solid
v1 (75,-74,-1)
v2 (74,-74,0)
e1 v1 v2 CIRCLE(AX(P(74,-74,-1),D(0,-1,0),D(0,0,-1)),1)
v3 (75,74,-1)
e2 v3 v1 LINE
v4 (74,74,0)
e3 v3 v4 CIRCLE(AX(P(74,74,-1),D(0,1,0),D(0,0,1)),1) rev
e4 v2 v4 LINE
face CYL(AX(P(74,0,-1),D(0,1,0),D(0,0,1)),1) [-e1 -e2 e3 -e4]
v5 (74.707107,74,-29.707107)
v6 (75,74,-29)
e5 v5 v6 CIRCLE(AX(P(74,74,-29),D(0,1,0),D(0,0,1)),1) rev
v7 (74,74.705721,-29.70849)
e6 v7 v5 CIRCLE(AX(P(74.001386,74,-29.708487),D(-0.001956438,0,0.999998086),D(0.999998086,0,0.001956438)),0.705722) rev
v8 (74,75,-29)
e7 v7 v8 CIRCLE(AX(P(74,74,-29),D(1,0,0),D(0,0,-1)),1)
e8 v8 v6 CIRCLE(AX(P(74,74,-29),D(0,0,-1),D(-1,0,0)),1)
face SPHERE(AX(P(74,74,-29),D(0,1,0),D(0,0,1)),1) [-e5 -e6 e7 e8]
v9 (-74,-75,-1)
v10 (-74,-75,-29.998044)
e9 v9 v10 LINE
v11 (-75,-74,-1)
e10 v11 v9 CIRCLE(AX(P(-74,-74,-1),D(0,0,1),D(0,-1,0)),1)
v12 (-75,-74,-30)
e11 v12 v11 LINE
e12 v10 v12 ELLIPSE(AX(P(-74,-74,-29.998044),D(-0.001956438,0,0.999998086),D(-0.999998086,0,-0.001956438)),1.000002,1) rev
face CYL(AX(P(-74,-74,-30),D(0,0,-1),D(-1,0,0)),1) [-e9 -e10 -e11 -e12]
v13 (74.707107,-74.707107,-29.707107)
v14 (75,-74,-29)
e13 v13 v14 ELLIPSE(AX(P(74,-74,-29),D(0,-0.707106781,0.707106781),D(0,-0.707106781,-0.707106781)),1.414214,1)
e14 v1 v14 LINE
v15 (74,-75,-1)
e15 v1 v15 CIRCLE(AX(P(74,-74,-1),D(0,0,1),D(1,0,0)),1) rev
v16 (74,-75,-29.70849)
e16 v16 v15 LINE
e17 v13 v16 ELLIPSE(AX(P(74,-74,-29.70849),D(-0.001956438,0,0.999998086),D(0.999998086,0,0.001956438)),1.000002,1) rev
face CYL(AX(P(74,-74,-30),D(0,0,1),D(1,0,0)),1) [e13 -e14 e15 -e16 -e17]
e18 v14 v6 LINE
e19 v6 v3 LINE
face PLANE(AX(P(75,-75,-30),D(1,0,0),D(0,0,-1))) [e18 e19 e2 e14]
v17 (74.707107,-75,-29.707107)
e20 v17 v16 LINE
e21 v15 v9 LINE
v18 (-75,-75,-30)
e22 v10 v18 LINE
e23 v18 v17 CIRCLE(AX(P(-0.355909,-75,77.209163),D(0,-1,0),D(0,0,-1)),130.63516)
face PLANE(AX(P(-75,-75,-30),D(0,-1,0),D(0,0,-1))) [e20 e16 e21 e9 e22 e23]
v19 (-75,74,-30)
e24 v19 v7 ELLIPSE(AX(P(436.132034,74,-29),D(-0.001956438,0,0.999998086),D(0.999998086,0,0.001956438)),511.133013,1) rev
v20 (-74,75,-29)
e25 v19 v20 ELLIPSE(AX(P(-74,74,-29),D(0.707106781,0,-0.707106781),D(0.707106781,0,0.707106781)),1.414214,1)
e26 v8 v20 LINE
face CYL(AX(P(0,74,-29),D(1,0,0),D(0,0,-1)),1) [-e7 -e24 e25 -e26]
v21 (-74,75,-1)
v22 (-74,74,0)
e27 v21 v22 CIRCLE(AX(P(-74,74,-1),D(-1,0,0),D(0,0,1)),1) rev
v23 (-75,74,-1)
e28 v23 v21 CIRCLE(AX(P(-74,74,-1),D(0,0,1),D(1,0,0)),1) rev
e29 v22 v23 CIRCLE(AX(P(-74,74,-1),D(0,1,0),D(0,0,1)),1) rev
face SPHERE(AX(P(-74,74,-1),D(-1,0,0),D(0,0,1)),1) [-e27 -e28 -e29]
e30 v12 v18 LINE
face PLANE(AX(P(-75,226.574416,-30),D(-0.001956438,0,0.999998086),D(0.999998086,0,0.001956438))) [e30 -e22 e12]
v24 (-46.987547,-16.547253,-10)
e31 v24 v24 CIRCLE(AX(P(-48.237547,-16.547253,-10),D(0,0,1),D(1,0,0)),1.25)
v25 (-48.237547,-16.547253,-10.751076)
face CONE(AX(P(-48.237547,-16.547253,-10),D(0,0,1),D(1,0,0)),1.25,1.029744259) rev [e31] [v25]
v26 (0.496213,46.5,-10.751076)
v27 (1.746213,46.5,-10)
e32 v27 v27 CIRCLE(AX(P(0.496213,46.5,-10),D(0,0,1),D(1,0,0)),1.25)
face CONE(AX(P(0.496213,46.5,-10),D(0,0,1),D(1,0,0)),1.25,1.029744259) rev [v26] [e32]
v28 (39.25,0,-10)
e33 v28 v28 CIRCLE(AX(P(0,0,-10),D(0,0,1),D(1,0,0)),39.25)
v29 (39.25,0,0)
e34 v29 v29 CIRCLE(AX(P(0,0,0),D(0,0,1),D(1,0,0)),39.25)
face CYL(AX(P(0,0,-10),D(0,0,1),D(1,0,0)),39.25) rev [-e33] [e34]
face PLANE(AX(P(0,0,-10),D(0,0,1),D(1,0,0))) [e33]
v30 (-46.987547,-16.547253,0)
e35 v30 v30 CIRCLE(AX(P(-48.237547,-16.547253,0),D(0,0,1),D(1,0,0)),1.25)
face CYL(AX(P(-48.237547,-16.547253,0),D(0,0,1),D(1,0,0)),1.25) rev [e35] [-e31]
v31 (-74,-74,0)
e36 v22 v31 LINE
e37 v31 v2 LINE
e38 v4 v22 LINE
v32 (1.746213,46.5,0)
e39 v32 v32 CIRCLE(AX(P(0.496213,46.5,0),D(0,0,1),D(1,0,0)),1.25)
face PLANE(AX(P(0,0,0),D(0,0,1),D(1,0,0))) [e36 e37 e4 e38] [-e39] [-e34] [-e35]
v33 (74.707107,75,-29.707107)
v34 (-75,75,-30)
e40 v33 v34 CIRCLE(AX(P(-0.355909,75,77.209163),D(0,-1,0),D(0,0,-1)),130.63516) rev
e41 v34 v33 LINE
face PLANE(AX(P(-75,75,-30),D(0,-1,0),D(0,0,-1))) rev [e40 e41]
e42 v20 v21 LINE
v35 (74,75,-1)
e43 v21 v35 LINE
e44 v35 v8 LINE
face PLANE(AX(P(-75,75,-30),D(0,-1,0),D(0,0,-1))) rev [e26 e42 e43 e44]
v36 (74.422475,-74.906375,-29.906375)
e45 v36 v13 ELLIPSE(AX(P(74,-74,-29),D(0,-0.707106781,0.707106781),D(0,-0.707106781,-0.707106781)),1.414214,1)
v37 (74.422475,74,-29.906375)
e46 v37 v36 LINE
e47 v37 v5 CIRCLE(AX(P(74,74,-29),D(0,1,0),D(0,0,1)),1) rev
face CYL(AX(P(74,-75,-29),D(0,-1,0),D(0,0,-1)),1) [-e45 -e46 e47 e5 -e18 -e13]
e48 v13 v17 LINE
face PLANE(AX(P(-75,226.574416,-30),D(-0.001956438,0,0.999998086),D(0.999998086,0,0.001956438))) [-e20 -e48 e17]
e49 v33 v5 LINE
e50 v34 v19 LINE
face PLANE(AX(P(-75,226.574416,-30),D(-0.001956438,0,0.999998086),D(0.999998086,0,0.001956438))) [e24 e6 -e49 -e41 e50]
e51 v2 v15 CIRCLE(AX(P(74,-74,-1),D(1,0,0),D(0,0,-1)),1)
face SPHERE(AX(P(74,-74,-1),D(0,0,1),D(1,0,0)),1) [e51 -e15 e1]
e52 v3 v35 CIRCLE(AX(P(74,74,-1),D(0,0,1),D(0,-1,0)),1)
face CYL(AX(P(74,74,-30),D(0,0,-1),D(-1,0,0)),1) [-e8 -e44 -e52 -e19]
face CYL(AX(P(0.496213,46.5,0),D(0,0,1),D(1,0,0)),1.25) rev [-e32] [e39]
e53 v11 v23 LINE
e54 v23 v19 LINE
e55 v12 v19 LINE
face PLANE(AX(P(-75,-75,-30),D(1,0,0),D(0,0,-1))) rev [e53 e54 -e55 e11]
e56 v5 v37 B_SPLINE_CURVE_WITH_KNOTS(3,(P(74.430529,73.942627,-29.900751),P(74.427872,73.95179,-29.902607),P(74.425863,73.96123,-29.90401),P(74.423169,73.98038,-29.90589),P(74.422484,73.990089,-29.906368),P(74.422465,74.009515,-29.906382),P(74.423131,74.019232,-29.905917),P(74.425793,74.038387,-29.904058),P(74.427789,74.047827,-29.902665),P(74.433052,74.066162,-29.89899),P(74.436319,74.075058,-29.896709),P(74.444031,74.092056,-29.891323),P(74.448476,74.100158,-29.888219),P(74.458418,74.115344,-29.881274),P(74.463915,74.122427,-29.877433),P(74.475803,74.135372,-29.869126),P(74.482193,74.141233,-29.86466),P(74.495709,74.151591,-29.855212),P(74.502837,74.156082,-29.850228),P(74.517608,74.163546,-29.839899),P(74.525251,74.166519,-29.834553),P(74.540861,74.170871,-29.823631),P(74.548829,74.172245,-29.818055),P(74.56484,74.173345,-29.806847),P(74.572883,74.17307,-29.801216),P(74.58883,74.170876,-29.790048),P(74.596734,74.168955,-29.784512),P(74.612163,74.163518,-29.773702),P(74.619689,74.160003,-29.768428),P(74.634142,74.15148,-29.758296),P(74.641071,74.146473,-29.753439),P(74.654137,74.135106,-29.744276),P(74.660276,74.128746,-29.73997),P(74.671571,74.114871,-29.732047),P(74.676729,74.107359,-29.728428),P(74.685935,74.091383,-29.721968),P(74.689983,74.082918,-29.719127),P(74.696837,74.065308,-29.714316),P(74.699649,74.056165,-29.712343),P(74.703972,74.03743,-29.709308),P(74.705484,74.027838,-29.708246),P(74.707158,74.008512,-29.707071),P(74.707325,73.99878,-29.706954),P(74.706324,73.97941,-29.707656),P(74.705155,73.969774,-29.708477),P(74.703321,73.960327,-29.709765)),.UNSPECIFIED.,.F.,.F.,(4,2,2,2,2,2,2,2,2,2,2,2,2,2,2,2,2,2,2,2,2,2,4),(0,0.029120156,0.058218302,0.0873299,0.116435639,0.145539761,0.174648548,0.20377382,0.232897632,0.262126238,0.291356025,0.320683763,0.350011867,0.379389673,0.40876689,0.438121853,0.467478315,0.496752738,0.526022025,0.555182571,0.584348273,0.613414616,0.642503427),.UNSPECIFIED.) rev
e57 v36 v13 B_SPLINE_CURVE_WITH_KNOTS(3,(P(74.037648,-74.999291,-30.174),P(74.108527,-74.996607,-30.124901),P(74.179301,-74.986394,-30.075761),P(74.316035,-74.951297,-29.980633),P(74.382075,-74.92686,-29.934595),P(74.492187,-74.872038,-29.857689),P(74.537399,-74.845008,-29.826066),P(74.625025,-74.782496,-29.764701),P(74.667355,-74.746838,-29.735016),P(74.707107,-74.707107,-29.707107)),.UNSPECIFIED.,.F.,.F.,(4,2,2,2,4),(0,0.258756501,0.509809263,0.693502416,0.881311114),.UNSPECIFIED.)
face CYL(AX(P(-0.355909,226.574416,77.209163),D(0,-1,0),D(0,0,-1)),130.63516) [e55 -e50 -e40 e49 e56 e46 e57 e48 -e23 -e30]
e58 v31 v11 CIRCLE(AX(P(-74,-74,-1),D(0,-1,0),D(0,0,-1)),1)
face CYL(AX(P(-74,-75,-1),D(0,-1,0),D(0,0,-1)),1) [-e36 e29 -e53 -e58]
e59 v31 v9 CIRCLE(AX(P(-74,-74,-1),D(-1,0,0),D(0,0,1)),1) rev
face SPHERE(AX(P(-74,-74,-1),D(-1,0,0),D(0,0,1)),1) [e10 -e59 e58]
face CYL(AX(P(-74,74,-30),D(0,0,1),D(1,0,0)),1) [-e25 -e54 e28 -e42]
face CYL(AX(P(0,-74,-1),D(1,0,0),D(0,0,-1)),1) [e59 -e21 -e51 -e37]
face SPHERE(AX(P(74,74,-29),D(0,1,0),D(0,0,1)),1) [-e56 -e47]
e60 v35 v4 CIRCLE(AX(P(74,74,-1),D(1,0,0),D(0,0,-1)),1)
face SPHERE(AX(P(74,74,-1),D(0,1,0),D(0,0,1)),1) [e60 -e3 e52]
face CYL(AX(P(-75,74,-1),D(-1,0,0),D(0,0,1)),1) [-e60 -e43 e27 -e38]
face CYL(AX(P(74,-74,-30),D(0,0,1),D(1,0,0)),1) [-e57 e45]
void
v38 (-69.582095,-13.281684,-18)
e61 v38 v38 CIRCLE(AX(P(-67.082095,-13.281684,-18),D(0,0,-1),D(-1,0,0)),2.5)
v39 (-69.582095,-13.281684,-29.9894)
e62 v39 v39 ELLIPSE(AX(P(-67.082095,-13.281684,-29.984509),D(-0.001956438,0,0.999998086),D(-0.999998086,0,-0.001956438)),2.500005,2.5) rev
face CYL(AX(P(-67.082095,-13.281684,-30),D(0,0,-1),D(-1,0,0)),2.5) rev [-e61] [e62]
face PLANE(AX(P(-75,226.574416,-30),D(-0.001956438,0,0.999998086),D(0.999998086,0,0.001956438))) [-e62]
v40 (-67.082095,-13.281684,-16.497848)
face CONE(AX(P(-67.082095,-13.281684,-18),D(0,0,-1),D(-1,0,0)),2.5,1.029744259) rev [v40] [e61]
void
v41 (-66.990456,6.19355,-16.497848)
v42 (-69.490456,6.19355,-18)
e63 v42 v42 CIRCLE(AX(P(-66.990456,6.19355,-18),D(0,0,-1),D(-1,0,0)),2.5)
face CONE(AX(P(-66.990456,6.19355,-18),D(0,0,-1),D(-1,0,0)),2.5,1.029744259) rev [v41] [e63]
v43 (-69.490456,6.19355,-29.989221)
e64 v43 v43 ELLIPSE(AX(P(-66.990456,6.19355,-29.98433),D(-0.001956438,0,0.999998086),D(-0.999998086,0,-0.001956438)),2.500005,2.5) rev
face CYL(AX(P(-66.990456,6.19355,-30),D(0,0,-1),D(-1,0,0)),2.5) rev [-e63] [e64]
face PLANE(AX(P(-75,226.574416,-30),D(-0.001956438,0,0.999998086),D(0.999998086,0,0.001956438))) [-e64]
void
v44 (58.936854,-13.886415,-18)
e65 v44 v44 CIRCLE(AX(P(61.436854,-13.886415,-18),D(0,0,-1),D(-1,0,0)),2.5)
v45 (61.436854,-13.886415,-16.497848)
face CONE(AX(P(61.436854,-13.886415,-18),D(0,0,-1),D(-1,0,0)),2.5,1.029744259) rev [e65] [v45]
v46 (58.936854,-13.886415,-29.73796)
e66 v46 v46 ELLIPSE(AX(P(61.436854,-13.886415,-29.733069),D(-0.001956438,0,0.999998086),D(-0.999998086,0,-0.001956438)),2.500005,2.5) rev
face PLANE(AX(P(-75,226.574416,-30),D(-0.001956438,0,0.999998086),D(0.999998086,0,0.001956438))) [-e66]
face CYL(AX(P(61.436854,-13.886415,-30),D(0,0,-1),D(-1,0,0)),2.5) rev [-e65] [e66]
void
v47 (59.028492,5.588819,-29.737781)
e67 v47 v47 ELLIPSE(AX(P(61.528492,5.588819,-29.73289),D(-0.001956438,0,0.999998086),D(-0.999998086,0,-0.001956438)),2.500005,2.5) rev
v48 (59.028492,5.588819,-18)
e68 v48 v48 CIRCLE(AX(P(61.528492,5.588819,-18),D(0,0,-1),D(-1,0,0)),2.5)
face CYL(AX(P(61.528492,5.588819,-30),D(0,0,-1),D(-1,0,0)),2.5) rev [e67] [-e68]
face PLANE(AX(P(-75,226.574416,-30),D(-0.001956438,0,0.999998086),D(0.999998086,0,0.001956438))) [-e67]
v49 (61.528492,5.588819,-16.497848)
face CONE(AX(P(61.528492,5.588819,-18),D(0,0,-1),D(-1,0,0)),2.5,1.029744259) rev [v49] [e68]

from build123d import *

# Parameters (mm, degrees)
SKETCH1_W                       = 150
SKETCH1_H                       = 150
BOSS_EXTRUDE1_DEPTH             = 30
FILLET1_R                       = 1
SKETCH2_R                       = 39.25
CUT_EXTRUDE4_DEPTH              = 10
TAP_DRILL_FOR_M6X1_0_TAP1_D     = 5
TAP_DRILL_FOR_M6X1_0_TAP1_DEPTH = 12
TAP_DRILL_FOR_M6X1_0_TAP1_TIP   = 1.502151548
BOSS_EXTRUDE2_DEPTH             = 150
TAP_DRILL_FOR_M3X0_5_TAP3_D     = 2.5
TAP_DRILL_FOR_M3X0_5_TAP3_DEPTH = 10
TAP_DRILL_FOR_M3X0_5_TAP3_TIP   = 0.751075774


with BuildPart() as part:
    # Sketch1 → Boss-Extrude1 (new body)
    with BuildSketch(Plane.XY):
        Rectangle(SKETCH1_W, SKETCH1_H)
    extrude(amount=-BOSS_EXTRUDE1_DEPTH)

    # Fillet1
    fillet1_edges = [part.edges().sort_by_distance(p)[0] for p in [
        (0, 75, -30),
        (-75, 0, 0),
        (0, 75, 0),
        (75, 0, 0),
        (0, -75, 0),
        (-75, -75, -15),
        (-75, 75, -15),
        (75, 75, -15),
        (75, -75, -15),
        (75, 0, -30),
    ]]
    fillet(fillet1_edges, radius=FILLET1_R)

    # Sketch2 → Cut-Extrude4 (cut)
    with BuildSketch(Plane.XY):
        Circle(SKETCH2_R)
    extrude(amount=-CUT_EXTRUDE4_DEPTH, mode=Mode.SUBTRACT)

    # Tap Drill for M6x1.0 Tap1
    with Locations(Plane(origin=(0, 0, -30), x_dir=(-1, 0, 0), z_dir=(0, 0, -1))):
        with Locations((-61.528492196, 5.588819372), (-61.436853723, -13.886414682), (66.990456482, 6.193550496), (67.082094955, -13.281683558)):
            Hole(TAP_DRILL_FOR_M6X1_0_TAP1_D / 2, depth=TAP_DRILL_FOR_M6X1_0_TAP1_DEPTH)
            with Locations((0, 0, -(TAP_DRILL_FOR_M6X1_0_TAP1_DEPTH + TAP_DRILL_FOR_M6X1_0_TAP1_TIP / 2))):  # 118° drill point
                Cone(0, TAP_DRILL_FOR_M6X1_0_TAP1_D / 2, TAP_DRILL_FOR_M6X1_0_TAP1_TIP, mode=Mode.SUBTRACT)

    # Sketch11 → Boss-Extrude2 (add)
    with BuildSketch(Plane.XZ.offset(75)):
        with BuildLine():
            Line((-75, -30), (74.707106781, -29.707106781))
            ThreePointArc((74.707106781, -29.707106781), (-0.100328988, -53.42574699), (-75, -30))
        make_face()
    extrude(amount=-BOSS_EXTRUDE2_DEPTH)

    # Tap Drill for M3x0.5 Tap3
    with Locations(Plane.XY):
        with Locations((0.496213053, 46.5), (-48.237547134, -16.547252974)):
            Hole(TAP_DRILL_FOR_M3X0_5_TAP3_D / 2, depth=TAP_DRILL_FOR_M3X0_5_TAP3_DEPTH)
            with Locations((0, 0, -(TAP_DRILL_FOR_M3X0_5_TAP3_DEPTH + TAP_DRILL_FOR_M3X0_5_TAP3_TIP / 2))):  # 118° drill point
                Cone(0, TAP_DRILL_FOR_M3X0_5_TAP3_D / 2, TAP_DRILL_FOR_M3X0_5_TAP3_TIP, mode=Mode.SUBTRACT)


solid = part.part
